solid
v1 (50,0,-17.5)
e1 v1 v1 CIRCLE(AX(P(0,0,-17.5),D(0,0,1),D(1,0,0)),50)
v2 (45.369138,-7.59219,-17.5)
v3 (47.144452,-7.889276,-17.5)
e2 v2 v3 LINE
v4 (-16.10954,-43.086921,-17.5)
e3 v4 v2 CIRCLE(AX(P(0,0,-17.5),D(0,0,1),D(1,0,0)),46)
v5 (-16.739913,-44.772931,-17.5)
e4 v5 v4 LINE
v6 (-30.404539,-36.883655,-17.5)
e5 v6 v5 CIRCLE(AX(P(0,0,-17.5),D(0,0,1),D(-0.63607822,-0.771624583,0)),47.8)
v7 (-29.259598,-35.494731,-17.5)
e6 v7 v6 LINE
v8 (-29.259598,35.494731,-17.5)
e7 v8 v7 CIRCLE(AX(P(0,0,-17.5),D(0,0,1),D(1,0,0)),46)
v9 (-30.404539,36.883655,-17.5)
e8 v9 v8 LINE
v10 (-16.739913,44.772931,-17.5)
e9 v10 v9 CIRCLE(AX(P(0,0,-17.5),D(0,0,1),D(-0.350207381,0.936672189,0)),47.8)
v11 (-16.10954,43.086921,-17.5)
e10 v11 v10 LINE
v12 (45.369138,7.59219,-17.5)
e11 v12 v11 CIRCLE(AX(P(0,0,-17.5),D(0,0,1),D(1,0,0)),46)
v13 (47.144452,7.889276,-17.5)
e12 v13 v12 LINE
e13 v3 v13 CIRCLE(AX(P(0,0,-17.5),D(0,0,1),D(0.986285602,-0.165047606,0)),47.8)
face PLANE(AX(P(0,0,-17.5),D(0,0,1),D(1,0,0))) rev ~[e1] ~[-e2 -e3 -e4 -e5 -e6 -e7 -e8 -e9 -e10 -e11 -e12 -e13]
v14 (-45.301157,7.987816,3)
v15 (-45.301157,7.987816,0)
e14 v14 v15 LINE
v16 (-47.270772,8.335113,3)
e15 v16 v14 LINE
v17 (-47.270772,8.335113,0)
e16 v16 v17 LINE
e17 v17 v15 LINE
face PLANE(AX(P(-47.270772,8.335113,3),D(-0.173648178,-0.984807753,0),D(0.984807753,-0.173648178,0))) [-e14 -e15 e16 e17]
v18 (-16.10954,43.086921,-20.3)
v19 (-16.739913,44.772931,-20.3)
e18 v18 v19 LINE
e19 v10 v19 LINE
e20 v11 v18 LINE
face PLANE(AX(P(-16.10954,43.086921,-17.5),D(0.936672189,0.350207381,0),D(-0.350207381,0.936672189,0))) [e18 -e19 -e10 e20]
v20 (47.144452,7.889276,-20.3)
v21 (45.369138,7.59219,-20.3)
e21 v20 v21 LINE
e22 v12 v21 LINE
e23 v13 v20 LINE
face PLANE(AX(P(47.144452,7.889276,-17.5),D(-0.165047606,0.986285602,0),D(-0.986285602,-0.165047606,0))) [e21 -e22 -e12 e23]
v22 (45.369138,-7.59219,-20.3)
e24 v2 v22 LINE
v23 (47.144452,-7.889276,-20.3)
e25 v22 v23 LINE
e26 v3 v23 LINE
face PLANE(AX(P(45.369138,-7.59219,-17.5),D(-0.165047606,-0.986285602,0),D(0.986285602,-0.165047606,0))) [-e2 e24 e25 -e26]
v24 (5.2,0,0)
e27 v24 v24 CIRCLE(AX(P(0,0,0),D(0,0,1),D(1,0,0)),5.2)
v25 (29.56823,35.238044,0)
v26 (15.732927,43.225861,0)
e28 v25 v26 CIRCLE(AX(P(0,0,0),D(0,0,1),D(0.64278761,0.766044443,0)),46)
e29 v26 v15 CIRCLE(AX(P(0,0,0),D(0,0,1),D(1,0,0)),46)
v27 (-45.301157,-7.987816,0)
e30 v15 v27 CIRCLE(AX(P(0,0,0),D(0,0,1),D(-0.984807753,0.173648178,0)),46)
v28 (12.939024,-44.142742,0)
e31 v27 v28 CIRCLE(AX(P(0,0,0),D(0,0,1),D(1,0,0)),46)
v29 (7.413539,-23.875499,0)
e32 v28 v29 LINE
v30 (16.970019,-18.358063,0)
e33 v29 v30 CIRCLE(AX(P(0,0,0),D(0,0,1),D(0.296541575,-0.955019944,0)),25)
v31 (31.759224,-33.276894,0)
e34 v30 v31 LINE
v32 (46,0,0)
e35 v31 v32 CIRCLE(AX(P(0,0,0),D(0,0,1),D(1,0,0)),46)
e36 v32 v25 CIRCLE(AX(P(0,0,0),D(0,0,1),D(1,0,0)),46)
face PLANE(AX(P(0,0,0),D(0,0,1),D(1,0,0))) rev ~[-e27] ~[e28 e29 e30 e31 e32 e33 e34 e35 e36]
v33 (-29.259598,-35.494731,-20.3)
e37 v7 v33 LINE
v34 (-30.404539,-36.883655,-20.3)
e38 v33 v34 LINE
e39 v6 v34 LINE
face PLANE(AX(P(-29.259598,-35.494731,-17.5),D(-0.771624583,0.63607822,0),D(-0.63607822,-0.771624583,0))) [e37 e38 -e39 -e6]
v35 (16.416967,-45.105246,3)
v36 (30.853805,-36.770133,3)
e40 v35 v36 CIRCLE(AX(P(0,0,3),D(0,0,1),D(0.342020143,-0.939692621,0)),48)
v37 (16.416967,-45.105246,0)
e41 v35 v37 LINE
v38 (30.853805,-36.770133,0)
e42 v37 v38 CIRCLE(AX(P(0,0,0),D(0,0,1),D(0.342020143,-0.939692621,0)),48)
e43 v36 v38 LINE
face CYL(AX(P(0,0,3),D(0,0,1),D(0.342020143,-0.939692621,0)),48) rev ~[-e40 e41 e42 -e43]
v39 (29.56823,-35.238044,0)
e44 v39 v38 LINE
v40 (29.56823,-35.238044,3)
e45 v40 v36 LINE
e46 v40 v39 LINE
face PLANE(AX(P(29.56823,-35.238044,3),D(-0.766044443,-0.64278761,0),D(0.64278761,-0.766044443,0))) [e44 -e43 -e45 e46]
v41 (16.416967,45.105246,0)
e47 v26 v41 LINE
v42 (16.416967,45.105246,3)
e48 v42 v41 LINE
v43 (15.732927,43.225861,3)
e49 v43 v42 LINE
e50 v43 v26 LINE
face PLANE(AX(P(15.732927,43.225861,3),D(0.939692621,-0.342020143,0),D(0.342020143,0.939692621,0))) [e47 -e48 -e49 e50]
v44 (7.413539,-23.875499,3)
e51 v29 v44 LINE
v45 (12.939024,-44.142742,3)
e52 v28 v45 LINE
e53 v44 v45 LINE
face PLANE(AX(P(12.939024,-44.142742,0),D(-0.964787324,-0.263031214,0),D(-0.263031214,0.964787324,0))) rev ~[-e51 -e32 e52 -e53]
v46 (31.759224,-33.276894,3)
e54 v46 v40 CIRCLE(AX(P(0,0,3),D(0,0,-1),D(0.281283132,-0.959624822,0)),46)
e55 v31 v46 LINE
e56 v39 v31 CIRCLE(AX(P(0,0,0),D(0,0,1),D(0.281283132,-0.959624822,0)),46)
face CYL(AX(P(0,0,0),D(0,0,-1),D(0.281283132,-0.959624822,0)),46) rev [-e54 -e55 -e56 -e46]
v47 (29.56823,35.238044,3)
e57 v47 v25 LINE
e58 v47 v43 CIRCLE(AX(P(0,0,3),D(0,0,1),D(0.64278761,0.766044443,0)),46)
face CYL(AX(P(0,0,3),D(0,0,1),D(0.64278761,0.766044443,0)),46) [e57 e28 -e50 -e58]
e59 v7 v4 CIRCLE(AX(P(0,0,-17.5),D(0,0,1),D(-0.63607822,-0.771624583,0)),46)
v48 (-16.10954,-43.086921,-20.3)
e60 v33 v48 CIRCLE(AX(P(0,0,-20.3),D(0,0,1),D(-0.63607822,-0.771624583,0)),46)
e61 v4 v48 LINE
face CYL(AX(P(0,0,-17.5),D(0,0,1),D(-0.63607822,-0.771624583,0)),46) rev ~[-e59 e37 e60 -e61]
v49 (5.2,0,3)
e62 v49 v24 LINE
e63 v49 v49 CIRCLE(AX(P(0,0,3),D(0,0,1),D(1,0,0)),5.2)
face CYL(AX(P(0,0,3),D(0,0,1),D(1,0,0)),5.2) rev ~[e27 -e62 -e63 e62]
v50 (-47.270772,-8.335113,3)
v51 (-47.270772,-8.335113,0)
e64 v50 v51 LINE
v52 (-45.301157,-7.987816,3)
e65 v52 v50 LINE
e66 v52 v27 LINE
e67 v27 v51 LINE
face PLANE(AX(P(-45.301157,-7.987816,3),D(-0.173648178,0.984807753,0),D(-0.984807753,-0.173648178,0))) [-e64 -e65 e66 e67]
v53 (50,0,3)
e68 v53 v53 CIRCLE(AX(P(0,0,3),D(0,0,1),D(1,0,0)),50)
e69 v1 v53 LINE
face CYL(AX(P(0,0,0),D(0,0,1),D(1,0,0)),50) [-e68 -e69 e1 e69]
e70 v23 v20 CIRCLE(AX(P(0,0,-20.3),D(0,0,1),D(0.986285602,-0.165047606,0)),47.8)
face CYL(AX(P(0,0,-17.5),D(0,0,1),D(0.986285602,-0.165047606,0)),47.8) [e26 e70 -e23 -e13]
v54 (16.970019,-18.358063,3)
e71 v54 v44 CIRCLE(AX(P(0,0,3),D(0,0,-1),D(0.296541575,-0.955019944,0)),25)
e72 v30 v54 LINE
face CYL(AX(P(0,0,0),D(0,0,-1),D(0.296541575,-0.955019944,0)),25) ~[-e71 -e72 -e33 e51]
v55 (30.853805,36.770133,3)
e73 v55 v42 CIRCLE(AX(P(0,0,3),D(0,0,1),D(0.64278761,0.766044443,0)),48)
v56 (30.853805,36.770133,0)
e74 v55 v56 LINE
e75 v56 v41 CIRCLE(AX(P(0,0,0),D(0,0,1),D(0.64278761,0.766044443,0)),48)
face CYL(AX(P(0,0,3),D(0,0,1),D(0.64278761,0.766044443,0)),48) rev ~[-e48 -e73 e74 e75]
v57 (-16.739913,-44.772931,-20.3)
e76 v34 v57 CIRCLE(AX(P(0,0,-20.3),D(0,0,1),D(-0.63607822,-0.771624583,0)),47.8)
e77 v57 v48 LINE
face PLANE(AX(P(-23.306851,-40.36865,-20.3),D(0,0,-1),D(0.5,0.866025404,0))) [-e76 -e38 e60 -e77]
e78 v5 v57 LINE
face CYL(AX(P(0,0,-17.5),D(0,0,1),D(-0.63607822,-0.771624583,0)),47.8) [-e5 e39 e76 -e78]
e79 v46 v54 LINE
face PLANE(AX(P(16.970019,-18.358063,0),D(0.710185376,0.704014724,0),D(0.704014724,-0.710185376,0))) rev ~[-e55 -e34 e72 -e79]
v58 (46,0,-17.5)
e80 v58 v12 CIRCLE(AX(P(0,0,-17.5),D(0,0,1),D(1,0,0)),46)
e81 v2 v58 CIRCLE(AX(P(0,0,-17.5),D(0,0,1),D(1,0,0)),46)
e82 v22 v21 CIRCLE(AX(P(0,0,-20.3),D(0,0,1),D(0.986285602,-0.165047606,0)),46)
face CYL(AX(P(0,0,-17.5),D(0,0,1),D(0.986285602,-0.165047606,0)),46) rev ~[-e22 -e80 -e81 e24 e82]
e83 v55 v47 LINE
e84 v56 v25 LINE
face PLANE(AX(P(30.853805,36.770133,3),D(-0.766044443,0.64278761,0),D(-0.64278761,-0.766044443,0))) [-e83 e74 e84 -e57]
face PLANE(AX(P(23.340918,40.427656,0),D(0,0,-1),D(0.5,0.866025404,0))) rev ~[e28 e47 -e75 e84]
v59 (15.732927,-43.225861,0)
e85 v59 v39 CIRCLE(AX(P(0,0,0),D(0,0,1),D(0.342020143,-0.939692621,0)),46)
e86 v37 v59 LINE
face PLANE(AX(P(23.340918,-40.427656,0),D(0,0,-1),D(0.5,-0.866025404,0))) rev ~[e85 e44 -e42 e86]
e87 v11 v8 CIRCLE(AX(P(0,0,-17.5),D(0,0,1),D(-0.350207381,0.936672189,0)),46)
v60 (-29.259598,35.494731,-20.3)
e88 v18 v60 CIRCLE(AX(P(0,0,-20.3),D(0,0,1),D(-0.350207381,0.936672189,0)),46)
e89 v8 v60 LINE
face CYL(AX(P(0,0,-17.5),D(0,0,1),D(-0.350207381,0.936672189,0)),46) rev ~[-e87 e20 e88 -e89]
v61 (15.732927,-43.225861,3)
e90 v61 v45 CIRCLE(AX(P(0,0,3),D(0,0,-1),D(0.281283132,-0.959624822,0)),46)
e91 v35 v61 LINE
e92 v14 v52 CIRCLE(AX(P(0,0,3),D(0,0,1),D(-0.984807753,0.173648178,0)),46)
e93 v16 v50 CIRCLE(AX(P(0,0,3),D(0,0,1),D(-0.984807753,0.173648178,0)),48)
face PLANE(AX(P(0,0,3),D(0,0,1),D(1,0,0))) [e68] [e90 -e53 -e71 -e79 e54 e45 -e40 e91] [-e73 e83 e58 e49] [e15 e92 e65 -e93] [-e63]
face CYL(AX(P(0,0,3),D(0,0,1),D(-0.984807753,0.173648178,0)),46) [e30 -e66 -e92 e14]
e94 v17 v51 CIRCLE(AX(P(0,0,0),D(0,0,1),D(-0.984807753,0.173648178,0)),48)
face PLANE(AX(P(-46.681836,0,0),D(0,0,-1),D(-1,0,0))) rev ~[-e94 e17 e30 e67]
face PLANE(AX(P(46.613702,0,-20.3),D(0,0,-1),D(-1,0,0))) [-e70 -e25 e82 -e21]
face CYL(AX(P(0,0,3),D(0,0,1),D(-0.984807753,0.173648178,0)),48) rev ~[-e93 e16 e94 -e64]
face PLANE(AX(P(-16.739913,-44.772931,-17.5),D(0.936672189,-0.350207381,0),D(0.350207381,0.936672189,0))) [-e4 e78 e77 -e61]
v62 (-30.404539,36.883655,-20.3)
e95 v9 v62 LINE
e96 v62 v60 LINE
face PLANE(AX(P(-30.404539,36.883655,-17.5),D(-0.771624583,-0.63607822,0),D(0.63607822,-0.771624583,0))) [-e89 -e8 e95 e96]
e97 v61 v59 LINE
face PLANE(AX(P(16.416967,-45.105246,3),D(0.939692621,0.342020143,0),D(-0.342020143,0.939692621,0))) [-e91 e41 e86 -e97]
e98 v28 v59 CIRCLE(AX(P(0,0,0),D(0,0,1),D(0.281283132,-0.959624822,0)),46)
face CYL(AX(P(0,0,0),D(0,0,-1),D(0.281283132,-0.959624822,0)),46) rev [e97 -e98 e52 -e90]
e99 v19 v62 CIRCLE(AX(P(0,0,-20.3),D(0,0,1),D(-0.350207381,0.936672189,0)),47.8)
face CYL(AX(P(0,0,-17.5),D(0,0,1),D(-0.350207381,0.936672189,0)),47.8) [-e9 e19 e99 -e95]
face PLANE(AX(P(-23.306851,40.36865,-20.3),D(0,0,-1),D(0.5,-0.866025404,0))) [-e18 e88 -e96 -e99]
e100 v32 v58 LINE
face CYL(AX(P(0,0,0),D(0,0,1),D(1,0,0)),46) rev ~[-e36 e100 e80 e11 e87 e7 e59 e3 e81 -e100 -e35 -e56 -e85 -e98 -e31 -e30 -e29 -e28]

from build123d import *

# Parameters (mm, degrees)
SKETCH_R              = 50
PAD_DEPTH             = 3
SKETCH004_R           = 5.2
POCKET001_DEPTH       = 3.001
POCKET002_DEPTH       = 3.001
SKETCH006_R           = 50
SKETCH006_R_2         = 46
PAD001_DEPTH          = 17.5
POCKET003_DEPTH       = 3
POLARPATTERN001_COUNT = 3
PAD002_DEPTH          = 2.8
POLARPATTERN002_COUNT = 3


with BuildPart() as part:
    # Sketch → Pad (new body)
    with BuildSketch(Plane.XY):
        Circle(SKETCH_R)
    extrude(amount=PAD_DEPTH)

    # Sketch004 (on DatumPlane) → Pocket001 (cut, through all)
    with BuildSketch(Plane.XY.offset(3)):
        Circle(SKETCH004_R)
    extrude(amount=-POCKET001_DEPTH, mode=Mode.SUBTRACT)

    # Sketch005 → Pocket002 (cut, through all)
    with BuildSketch(Plane.XY):
        with BuildLine():
            ThreePointArc((12.9390240745, -44.1427418269), (23, -39.8371685741), (31.7592237776, -33.2768944622))
            Line((16.9700186383, -18.3580627359), (31.7592237776, -33.2768944622))
            ThreePointArc((7.4135393744, -23.8754986114), (12.5, -21.6506350946), (16.9700186383, -18.3580627359))
            Line((12.9390240745, -44.1427418269), (7.4135393744, -23.8754986114))
        make_face()
    extrude(amount=POCKET002_DEPTH, mode=Mode.SUBTRACT)

    # Sketch006 → Pad001 (join)
    with BuildSketch(Plane.XY):
        Circle(SKETCH006_R)
        Circle(SKETCH006_R_2, mode=Mode.SUBTRACT)
    extrude(amount=-PAD001_DEPTH)

    # Sketch007 (on DatumPlane) → Pocket003 (cut)
    with BuildSketch(Plane.XY.offset(3)):
        with BuildLine():
            ThreePointArc((-45.3011566386, 7.9878161727), (-46, 0), (-45.3011566386, -7.9878161727))
            Line((-45.3011566386, -7.9878161727), (-47.2707721446, -8.335112528))
            ThreePointArc((-47.2707721446, 8.335112528), (-48, 0), (-47.2707721446, -8.335112528))
            Line((-47.2707721446, 8.335112528), (-45.3011566386, 7.9878161727))
        make_face()
    pocket003 = extrude(amount=-POCKET003_DEPTH, mode=Mode.SUBTRACT)

    # PolarPattern001: Pocket003 ×3 about axis
    polarpattern001_axis = Axis((0, 0, 3), (0, 0, 1))
    for i in range(1, POLARPATTERN001_COUNT):
        add(pocket003.rotate(polarpattern001_axis, i * 360 / POLARPATTERN001_COUNT), mode=Mode.SUBTRACT)

    # Sketch008 (on DatumPlane) → Pad002 (join)
    with BuildSketch(Plane.XY.offset(-17.5)):
        with BuildLine():
            ThreePointArc((45.3691376707, -7.5921898696), (46, 0), (45.3691376707, 7.5921898696))
            Line((47.1444517535, 7.8892755601), (45.3691376707, 7.5921898696))
            ThreePointArc((47.1444517535, -7.8892755601), (47.8, 0), (47.1444517535, 7.8892755601))
            Line((45.3691376707, -7.5921898696), (47.1444517535, -7.8892755601))
        make_face()
    pad002 = extrude(amount=-PAD002_DEPTH)

    # PolarPattern002: Pad002 ×3 about axis
    polarpattern002_axis = Axis((0, 0, -17.5), (0, 0, 1))
    for i in range(1, POLARPATTERN002_COUNT):
        add(pad002.rotate(polarpattern002_axis, i * 360 / POLARPATTERN002_COUNT))


solid = part.part
